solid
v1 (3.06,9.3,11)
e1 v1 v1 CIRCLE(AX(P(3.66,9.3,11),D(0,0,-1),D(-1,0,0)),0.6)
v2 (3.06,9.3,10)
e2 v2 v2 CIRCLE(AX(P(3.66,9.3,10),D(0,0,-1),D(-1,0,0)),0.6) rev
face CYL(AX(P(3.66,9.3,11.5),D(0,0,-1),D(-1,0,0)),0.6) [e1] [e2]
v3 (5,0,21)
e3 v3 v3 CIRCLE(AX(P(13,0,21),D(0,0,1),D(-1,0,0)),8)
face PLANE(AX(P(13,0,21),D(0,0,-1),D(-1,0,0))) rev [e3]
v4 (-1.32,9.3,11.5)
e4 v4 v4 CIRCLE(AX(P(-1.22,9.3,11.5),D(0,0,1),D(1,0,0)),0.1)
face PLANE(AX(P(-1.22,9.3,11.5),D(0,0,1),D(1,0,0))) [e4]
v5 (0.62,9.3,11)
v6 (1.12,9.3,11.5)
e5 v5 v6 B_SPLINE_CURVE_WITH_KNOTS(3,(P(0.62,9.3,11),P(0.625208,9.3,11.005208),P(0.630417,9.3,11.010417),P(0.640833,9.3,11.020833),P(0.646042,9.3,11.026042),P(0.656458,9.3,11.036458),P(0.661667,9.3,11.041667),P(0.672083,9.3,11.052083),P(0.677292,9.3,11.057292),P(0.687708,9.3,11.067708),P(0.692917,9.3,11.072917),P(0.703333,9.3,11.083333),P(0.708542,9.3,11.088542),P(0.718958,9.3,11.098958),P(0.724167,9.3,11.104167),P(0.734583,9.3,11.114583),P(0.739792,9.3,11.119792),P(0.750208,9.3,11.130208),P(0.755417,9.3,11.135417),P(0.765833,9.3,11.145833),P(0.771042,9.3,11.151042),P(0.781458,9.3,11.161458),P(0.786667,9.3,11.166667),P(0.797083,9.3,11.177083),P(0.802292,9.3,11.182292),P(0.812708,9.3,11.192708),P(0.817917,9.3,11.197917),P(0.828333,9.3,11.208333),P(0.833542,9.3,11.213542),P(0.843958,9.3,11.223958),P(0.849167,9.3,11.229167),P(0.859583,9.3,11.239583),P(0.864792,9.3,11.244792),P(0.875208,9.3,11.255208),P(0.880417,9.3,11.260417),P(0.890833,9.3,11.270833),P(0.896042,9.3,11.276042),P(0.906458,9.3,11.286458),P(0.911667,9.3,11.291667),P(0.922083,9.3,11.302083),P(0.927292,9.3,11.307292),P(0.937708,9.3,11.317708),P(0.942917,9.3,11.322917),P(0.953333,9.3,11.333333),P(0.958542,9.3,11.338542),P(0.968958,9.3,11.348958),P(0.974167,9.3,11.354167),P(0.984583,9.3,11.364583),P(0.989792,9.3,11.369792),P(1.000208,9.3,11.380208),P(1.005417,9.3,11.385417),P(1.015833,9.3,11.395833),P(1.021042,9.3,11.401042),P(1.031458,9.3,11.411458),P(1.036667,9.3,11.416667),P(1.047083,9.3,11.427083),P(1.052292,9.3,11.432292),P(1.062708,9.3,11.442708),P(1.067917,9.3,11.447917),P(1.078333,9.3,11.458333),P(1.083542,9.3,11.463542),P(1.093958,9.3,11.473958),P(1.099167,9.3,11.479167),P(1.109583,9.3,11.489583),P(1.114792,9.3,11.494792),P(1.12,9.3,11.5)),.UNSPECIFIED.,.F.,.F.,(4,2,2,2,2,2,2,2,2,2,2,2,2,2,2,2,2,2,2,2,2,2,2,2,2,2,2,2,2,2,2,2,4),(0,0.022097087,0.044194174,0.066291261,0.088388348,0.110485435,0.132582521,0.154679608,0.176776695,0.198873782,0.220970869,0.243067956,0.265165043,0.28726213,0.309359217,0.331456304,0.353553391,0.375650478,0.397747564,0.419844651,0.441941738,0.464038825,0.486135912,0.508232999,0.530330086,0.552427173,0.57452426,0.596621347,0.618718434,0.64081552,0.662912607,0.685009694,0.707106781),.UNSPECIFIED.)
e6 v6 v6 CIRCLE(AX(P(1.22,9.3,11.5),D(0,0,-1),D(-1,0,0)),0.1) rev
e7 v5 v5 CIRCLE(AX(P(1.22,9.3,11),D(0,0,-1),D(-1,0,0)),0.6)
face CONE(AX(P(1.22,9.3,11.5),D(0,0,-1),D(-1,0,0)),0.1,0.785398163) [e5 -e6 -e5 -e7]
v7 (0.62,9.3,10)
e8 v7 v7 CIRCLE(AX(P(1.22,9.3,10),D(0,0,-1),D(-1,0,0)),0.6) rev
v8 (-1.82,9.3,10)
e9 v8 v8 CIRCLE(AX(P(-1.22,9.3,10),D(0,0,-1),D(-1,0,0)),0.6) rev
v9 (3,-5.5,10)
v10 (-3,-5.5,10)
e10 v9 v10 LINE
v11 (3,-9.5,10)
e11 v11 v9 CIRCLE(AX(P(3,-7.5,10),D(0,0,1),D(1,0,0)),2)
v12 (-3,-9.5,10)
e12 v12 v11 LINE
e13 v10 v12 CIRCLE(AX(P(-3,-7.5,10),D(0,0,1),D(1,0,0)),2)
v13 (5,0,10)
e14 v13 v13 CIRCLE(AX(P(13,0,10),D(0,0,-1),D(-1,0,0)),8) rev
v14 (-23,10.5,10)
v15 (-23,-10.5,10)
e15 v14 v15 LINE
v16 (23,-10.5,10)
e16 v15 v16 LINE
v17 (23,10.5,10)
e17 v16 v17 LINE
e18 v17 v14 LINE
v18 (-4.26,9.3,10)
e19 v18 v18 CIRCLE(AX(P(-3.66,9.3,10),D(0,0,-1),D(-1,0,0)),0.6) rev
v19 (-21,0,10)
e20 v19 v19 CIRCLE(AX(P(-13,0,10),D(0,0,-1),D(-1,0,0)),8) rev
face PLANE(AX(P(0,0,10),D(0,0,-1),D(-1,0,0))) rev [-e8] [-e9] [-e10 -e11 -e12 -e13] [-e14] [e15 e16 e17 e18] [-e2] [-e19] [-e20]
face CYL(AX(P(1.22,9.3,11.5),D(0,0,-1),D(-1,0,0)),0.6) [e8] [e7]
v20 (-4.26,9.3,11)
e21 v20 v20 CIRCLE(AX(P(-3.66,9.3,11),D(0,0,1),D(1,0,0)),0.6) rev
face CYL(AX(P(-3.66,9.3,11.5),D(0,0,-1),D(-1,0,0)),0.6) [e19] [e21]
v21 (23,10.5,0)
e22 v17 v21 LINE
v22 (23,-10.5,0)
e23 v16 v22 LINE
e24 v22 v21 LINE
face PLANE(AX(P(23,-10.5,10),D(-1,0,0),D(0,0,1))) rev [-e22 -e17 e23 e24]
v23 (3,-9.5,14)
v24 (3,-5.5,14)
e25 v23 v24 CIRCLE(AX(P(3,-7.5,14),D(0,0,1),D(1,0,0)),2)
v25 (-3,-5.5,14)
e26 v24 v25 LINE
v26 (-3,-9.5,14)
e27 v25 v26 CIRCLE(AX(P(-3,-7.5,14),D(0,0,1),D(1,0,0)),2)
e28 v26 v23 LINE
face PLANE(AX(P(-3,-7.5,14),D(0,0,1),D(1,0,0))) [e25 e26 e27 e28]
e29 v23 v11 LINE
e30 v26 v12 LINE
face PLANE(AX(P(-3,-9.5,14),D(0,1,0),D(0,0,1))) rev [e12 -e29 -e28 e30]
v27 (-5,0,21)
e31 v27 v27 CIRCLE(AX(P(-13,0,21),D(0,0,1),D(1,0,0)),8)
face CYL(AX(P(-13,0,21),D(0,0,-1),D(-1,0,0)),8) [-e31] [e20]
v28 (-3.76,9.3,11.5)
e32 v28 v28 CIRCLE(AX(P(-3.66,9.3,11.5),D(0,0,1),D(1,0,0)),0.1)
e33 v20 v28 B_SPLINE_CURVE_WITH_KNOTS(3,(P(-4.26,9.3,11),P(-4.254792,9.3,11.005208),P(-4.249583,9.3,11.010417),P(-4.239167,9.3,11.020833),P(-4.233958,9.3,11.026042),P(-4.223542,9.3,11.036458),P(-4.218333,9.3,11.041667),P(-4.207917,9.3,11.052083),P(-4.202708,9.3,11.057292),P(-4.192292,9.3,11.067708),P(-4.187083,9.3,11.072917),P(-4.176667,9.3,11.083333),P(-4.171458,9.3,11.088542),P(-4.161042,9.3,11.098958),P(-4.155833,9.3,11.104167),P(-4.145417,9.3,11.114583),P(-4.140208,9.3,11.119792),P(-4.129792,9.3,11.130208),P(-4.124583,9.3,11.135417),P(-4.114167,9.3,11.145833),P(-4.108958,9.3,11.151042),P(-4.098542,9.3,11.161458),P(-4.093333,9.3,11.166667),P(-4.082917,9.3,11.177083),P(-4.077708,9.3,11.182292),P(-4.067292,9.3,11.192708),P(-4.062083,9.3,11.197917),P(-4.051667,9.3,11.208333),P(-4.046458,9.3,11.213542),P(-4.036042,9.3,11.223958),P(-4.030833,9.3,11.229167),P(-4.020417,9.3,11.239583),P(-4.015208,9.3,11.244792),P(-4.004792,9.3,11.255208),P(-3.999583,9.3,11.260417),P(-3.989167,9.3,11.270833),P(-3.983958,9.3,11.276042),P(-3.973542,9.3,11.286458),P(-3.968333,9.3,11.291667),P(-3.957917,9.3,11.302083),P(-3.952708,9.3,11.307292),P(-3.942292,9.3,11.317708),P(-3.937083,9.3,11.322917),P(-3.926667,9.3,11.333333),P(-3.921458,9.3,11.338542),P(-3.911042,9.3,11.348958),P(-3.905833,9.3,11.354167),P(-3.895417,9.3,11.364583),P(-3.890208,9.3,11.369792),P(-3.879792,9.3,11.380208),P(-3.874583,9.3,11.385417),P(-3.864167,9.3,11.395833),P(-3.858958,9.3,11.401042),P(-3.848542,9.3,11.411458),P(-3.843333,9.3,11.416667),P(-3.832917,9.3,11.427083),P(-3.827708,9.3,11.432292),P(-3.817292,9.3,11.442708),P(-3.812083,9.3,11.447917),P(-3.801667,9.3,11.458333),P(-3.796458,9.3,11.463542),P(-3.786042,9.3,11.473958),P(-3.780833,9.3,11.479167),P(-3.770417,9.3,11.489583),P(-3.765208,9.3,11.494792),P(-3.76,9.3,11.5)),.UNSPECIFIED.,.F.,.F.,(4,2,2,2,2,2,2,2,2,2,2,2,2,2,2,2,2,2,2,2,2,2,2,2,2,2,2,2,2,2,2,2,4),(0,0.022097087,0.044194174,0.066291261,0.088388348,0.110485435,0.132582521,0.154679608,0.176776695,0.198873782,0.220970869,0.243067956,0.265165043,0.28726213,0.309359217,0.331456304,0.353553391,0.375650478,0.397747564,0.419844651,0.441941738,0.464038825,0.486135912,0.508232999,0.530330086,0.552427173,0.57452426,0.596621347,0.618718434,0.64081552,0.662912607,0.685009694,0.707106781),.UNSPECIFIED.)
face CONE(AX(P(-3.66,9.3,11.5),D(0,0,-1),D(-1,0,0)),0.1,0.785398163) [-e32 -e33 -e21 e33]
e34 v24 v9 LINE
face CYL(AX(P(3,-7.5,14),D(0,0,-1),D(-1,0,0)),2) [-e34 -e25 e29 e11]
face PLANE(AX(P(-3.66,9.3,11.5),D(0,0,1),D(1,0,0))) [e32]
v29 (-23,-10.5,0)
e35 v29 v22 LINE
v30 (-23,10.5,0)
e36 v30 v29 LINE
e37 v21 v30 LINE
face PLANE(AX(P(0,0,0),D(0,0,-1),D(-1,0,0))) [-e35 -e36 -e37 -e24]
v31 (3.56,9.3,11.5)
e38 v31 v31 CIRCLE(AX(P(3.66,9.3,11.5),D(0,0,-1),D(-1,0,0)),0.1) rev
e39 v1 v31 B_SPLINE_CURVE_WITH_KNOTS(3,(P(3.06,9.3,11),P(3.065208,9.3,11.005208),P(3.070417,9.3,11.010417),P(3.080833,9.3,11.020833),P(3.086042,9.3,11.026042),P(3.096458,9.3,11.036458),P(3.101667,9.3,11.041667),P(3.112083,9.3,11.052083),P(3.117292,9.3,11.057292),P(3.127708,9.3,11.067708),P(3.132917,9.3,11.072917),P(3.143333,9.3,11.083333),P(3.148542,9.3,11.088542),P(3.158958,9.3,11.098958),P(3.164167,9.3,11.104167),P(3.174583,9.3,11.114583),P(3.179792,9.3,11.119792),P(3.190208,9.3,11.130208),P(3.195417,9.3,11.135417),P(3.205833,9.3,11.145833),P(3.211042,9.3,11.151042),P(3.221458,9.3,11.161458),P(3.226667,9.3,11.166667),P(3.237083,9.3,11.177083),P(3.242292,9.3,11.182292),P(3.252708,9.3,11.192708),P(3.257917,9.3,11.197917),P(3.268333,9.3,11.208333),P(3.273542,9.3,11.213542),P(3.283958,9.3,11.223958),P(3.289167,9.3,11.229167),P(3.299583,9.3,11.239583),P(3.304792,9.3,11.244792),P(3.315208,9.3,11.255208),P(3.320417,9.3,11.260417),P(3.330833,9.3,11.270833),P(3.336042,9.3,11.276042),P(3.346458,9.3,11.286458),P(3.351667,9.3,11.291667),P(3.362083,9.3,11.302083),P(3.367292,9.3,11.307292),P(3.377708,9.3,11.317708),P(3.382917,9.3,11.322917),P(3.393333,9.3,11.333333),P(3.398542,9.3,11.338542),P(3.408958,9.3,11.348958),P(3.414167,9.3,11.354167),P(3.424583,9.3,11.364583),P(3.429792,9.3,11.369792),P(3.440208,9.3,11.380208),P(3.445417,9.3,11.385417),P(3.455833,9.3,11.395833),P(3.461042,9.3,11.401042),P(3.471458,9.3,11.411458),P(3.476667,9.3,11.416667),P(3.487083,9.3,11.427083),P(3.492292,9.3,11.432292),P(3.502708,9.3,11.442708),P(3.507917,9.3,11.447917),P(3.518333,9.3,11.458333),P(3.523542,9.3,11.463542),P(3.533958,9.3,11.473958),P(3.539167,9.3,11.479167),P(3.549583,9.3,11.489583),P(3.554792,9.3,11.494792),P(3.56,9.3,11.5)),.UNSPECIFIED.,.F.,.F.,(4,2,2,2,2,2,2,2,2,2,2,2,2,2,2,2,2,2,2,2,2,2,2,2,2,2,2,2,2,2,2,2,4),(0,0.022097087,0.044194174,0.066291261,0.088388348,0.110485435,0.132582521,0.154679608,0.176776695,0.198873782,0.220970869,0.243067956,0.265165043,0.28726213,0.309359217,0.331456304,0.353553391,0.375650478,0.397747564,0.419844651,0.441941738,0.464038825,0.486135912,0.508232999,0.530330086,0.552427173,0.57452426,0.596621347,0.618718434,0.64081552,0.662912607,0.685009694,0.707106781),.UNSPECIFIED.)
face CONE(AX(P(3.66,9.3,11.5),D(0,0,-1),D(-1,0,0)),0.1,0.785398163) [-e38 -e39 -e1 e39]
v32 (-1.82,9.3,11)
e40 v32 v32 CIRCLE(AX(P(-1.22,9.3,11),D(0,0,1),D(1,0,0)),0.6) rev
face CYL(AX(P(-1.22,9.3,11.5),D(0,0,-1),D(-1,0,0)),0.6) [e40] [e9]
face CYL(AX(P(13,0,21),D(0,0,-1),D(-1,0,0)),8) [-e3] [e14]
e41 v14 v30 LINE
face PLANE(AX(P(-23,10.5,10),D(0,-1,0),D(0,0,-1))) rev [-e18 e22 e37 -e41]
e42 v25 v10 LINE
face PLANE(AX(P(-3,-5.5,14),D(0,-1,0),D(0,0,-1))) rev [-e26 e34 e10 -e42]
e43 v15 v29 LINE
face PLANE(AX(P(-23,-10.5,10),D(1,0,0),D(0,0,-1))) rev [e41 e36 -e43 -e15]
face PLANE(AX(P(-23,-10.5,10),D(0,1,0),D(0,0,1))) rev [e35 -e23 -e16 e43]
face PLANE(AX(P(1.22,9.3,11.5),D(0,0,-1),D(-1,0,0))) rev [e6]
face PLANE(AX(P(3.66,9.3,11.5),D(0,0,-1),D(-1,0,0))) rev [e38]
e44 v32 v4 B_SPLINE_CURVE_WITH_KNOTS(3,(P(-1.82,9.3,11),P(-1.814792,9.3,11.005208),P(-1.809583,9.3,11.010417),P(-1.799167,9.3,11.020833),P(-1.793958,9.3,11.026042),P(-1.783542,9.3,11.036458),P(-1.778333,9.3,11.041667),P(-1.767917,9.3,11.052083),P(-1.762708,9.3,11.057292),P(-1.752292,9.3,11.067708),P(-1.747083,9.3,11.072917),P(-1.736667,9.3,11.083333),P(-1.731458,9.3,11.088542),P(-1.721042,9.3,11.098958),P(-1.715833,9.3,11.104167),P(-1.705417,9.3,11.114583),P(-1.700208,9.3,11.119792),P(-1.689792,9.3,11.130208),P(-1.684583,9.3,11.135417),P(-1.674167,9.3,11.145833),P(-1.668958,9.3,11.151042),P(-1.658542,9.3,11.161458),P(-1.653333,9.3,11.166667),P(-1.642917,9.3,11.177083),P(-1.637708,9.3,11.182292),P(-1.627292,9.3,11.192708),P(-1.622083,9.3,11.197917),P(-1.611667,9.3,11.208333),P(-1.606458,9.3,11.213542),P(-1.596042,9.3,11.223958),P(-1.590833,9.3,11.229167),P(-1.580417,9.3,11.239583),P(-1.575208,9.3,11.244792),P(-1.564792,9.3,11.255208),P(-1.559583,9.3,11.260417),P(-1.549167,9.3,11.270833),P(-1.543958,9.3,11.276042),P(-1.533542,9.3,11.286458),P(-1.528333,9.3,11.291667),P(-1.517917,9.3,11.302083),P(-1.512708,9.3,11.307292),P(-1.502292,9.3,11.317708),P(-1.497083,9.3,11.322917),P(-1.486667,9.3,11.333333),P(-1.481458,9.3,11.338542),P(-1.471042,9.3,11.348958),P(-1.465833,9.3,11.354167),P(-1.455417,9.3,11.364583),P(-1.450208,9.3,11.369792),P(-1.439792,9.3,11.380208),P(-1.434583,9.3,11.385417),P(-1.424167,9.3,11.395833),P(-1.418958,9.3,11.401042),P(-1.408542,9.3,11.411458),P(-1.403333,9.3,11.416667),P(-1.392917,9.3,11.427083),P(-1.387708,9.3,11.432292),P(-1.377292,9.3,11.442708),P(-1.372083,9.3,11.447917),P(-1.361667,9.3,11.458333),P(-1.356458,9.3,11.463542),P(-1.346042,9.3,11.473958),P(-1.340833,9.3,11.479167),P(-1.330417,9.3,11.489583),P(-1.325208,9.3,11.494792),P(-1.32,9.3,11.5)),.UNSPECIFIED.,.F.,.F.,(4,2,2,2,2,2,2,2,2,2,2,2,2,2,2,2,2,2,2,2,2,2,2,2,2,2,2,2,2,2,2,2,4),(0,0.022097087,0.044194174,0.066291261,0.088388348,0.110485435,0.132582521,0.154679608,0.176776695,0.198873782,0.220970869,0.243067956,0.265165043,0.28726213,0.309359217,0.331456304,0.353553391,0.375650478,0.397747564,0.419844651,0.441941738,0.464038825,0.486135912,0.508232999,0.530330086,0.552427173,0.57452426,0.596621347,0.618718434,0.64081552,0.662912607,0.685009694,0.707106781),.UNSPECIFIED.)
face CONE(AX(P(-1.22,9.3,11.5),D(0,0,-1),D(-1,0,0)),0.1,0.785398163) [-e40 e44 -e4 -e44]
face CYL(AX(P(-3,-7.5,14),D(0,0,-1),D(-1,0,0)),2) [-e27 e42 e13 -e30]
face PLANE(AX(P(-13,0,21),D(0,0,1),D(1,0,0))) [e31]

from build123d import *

# Parameters (mm, degrees)
SZKIC1_W                    = 46
SZKIC1_H                    = 21
DODANIE_WYCI_GNI_CIE1_DEPTH = 10
SZKIC2_R                    = 8
DODANIE_WYCI_GNI_CIE2_DEPTH = 11
DODANIE_WYCI_GNI_CIE3_DEPTH = 4
SZKIC4_R                    = 0.6
DODANIE_WYCI_GNI_CIE4_DEPTH = 1.5
SFAZOWANIE1_SIZE            = 0.5


with BuildPart() as part:
    # Szkic1 → Dodanie-wyciągnięcie1 (new body)
    with BuildSketch(Plane.XY):
        Rectangle(SZKIC1_W, SZKIC1_H)
    extrude(amount=DODANIE_WYCI_GNI_CIE1_DEPTH)

    # Szkic2 → Dodanie-wyciągnięcie2 (add)
    with BuildSketch(Plane.XY.offset(10)):
        with Locations(Location((-13, 0, 0), (0, 0, 180))):
            Circle(SZKIC2_R)
        with Locations(Location((13, 0, 0), (0, 0, 180))):
            Circle(SZKIC2_R)
    extrude(amount=DODANIE_WYCI_GNI_CIE2_DEPTH)

    # Szkic3 → Dodanie-wyciągnięcie3 (add)
    with BuildSketch(Plane.XY.offset(10)):
        with BuildLine():
            Line((-3, -5.5), (3, -5.5))
            ThreePointArc((3, -5.5), (5, -7.5), (3, -9.5))
            Line((3, -9.5), (-3, -9.5))
            ThreePointArc((-3, -9.5), (-5, -7.5), (-3, -5.5))
        make_face()
    extrude(amount=DODANIE_WYCI_GNI_CIE3_DEPTH)

    # Szkic4 → Dodanie-wyciągnięcie4 (add)
    with BuildSketch(Plane.XY.offset(10)):
        with Locations(Location((-3.66, 9.3, 0), (0, 0, 180))):
            Circle(SZKIC4_R)
        with Locations(Location((-1.22, 9.3, 0), (0, 0, 180))):
            Circle(SZKIC4_R)
        with Locations(Location((3.66, 9.3, 0), (0, 0, 180))):
            Circle(SZKIC4_R)
        with Locations(Location((1.22, 9.3, 0), (0, 0, 180))):
            Circle(SZKIC4_R)
    extrude(amount=DODANIE_WYCI_GNI_CIE4_DEPTH)

    # Sfazowanie1
    sfazowanie1_edges = [part.edges().sort_by_distance(p)[0] for p in [
        (-3.06, 9.3, 11.5),
        (-0.62, 9.3, 11.5),
        (4.26, 9.3, 11.5),
        (1.82, 9.3, 11.5),
    ]]
    chamfer(sfazowanie1_edges, length=SFAZOWANIE1_SIZE)


solid = part.part
